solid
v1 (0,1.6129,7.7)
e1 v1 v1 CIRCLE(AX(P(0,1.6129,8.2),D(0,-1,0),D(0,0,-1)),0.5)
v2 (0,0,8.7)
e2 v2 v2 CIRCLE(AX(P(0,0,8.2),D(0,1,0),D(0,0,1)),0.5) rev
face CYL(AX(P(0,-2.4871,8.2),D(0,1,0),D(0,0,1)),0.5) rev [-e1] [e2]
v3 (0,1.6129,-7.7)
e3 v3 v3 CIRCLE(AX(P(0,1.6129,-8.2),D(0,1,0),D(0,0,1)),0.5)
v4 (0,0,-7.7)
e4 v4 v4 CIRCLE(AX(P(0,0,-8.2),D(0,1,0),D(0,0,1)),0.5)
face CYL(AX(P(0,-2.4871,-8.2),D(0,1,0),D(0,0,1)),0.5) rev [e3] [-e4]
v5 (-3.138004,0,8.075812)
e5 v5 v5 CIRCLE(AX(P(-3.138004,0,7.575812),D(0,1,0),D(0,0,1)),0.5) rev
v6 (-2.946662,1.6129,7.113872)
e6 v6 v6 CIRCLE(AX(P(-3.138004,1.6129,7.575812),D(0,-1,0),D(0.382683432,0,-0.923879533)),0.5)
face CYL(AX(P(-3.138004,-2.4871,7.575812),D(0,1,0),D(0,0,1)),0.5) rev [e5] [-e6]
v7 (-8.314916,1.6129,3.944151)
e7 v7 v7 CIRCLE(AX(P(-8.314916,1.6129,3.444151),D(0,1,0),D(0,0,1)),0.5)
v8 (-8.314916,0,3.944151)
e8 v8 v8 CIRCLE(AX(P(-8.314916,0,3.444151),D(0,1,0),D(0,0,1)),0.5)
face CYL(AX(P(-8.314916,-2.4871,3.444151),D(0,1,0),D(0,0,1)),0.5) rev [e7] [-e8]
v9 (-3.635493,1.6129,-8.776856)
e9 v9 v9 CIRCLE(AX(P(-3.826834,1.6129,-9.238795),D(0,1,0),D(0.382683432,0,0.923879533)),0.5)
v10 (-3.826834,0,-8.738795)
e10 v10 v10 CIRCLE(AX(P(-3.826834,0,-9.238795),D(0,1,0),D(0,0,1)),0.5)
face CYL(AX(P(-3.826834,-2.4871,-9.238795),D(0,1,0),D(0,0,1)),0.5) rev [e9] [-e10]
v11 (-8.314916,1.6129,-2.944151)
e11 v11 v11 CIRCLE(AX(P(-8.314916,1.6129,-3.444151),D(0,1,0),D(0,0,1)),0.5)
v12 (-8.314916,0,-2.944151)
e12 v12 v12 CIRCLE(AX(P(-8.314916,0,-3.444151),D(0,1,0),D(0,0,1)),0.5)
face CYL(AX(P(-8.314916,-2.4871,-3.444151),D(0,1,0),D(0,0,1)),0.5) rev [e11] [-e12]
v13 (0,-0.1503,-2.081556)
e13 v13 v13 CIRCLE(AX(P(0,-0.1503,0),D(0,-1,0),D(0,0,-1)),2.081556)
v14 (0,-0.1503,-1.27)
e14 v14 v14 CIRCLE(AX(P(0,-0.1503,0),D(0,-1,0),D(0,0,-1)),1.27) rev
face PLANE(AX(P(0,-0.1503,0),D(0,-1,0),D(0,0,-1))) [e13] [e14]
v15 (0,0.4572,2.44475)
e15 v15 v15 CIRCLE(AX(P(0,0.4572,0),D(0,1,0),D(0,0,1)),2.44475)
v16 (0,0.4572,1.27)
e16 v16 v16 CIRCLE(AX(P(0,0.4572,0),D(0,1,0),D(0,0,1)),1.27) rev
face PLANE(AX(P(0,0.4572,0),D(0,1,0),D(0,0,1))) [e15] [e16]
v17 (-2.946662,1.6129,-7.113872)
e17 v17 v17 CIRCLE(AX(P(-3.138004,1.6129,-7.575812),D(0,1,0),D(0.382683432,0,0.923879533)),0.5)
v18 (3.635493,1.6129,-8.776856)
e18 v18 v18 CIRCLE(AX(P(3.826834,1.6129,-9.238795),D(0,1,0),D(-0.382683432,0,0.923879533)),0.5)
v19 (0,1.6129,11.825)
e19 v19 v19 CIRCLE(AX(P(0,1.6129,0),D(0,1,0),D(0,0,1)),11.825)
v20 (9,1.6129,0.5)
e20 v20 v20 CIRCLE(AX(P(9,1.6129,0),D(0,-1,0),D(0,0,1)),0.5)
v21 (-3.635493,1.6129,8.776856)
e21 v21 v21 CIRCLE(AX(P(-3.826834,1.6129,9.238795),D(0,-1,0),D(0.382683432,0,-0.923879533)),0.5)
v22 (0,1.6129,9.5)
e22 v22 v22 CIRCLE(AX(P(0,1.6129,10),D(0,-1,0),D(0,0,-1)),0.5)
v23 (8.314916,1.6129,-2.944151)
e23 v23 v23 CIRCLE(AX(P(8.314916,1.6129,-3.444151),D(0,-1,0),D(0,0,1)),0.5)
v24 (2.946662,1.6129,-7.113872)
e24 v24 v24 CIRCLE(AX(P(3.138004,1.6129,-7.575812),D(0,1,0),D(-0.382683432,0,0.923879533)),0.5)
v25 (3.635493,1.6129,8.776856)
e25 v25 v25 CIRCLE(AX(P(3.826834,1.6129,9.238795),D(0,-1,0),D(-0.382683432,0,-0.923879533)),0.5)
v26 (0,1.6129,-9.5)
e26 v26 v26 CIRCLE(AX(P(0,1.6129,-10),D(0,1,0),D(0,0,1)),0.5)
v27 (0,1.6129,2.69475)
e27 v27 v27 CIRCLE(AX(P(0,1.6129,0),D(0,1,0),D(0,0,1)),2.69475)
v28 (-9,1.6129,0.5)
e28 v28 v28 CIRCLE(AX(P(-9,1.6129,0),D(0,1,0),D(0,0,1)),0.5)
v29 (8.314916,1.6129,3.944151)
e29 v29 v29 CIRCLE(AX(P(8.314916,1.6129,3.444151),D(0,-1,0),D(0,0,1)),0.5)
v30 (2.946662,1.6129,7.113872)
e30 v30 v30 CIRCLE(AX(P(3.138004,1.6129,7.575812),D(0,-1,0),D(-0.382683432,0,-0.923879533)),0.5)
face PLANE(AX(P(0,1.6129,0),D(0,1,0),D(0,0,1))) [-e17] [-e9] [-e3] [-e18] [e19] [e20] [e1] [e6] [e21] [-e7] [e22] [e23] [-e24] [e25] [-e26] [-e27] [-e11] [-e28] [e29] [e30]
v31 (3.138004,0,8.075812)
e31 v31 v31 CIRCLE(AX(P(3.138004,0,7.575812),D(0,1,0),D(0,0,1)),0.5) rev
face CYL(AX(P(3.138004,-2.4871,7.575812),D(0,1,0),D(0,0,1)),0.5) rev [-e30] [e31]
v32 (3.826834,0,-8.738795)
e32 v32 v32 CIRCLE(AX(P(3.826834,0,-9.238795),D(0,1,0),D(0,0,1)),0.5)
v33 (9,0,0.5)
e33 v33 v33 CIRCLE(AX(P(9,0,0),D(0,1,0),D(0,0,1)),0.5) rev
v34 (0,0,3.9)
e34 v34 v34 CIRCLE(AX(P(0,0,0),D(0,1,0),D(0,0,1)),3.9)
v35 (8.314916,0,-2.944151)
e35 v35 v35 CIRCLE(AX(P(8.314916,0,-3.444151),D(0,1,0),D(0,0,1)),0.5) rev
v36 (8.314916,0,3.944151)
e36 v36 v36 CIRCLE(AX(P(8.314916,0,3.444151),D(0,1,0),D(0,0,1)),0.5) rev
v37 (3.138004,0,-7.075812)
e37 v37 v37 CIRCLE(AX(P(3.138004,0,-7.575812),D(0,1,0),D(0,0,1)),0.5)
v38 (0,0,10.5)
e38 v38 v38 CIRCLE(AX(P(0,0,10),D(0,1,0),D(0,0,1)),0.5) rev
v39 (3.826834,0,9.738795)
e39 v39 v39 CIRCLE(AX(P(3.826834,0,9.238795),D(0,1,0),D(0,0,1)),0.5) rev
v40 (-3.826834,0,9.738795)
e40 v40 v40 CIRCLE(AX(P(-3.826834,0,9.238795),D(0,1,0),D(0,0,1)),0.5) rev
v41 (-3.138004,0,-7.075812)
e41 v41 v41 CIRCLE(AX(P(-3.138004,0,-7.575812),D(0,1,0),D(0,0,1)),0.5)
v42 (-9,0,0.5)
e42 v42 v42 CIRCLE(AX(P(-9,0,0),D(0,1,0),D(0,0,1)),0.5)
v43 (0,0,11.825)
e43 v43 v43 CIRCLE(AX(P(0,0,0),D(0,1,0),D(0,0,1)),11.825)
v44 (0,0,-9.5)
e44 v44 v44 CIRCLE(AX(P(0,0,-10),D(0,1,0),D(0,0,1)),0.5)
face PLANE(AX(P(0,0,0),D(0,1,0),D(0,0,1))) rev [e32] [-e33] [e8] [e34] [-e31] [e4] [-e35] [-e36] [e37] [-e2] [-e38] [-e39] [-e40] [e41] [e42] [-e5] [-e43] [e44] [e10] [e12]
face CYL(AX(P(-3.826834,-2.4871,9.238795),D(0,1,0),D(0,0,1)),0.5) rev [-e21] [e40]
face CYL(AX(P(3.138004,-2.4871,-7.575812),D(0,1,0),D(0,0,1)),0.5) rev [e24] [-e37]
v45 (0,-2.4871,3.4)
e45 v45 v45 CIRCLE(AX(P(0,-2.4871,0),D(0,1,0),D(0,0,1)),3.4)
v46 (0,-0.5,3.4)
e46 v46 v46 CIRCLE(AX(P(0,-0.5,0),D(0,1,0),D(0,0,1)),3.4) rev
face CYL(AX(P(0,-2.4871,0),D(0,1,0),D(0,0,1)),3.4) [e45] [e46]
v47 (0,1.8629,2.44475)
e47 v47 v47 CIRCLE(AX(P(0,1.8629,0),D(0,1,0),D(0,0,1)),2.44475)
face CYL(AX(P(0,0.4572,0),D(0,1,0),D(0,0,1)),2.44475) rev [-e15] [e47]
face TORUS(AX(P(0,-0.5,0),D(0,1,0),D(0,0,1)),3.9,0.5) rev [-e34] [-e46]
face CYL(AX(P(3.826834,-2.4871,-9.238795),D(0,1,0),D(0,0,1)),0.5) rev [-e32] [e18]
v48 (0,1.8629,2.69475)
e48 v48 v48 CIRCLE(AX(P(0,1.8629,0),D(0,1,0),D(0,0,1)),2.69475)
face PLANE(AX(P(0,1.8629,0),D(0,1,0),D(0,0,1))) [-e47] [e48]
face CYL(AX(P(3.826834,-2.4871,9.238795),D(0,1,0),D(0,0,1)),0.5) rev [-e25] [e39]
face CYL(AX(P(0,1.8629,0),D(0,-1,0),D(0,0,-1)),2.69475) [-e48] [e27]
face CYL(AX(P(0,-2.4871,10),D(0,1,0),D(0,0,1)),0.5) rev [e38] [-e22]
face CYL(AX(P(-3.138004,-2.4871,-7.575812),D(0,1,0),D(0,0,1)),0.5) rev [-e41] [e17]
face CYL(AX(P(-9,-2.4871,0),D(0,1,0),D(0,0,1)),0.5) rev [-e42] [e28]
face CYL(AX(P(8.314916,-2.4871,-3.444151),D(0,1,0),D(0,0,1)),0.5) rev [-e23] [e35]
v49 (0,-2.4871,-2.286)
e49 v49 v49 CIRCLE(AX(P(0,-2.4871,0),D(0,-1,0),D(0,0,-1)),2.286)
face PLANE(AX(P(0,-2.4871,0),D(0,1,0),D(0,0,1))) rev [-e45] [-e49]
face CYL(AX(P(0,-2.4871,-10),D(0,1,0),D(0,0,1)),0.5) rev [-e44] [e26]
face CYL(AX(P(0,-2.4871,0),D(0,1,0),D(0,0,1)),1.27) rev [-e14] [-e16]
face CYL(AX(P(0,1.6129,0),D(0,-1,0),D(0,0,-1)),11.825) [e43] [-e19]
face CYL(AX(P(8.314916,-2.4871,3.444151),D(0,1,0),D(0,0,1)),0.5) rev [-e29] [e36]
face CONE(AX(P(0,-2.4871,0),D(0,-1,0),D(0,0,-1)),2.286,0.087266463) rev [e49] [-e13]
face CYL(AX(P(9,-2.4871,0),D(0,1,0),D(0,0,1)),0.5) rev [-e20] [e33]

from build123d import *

# Parameters (mm, degrees)
SKETCH18_R                      = 11.825
EXTRUDE17_DEPTH                 = 1.6129
SKETCH19_R                      = 3.4
EXTRUDE19_DEPTH                 = 4.1
SKETCH20_R                      = 0.5
SKETCH20_R_2                    = 1.27
EXTRUDE20_DEPTH                 = 5.1
SKETCH23_R                      = 0.5
CUT_EXTRUDE1_DEPTH              = 5.1
CIRPATTERN1_COUNT               = 2
CIRPATTERN1_ANGLE               = 22.5
CIRPATTERN1_THE_OTHER_WAY_COUNT = 2
CIRPATTERN1_THE_OTHER_WAY_ANGLE = 22.5
MIRROR2_COPY_1_SKETCH_R         = 0.5
MIRROR2_COPY_1_DEPTH            = 5.1
MIRROR2_COPY_2_SKETCH_R         = 0.5
MIRROR2_COPY_2_DEPTH            = 5.1
SKETCH21_R                      = 2.44475
EXTRUDE21_DEPTH                 = 1.1557
SKETCH22_R                      = 2.286
EXTRUDE22_DEPTH                 = 2.3368
EXTRUDE22_TAPER                 = 5
SKETCH24_R                      = 2.69475
SKETCH24_R_2                    = 2.44475
BOSS_EXTRUDE1_DEPTH             = 0.25
FILLET1_R                       = 0.5


with BuildPart() as part:
    # Sketch18 → Extrude17 (new body)
    with BuildSketch(Plane(origin=(0, 0, 0), x_dir=(1, 0, 0), z_dir=(0, 1, 0))):
        Circle(SKETCH18_R)
    extrude(amount=EXTRUDE17_DEPTH)

    # Sketch19 → Extrude19 (add)
    with BuildSketch(Plane(origin=(0, 1.6129, 0), x_dir=(1, 0, 0), z_dir=(0, 1, 0))):
        Circle(SKETCH19_R)
    extrude(amount=-EXTRUDE19_DEPTH)

    # Sketch20 → Extrude20 (cut, through all)
    with BuildSketch(Plane(origin=(0, 1.6129, 0), x_dir=(1, 0, 0), z_dir=(0, 1, 0))):
        with Locations((-9, 0)):
            Circle(SKETCH20_R)
        Circle(SKETCH20_R_2)
        with Locations((-8.314915793, 3.444150891)):
            Circle(SKETCH20_R)
        with Locations((-8.314915793, -3.444150891)):
            Circle(SKETCH20_R)
    extrude20 = extrude(amount=-EXTRUDE20_DEPTH, mode=Mode.SUBTRACT)

    # Mirror1: Extrude20 across plane
    add(extrude20.mirror(Plane(origin=(0, 0, 0), x_dir=(0, 0, 1), z_dir=(1, 0, 0))), mode=Mode.SUBTRACT)

    # Sketch23 → Cut-Extrude1 (cut, through all)
    with BuildSketch(Plane(origin=(0, 1.6129, 0), x_dir=(1, 0, 0), z_dir=(0, 1, 0))):
        with Locations((0, 8.2)):
            Circle(SKETCH23_R)
        with Locations((0, 10)):
            Circle(SKETCH23_R)
    cut_extrude1 = extrude(amount=-CUT_EXTRUDE1_DEPTH, mode=Mode.SUBTRACT)

    # CirPattern1: Cut-Extrude1 ×2 about axis
    cirpattern1_axis = Axis((0, 0, 0), (0, 1, 0))
    for i in range(1, CIRPATTERN1_COUNT):
        add(cut_extrude1.rotate(cirpattern1_axis, i * CIRPATTERN1_ANGLE / (CIRPATTERN1_COUNT - 1)), mode=Mode.SUBTRACT)

    # CirPattern1 the other way: Cut-Extrude1 ×2 about axis
    cirpattern1_the_other_way_axis = Axis((0, 0, 0), (0, -1, 0))
    for i in range(1, CIRPATTERN1_THE_OTHER_WAY_COUNT):
        add(cut_extrude1.rotate(cirpattern1_the_other_way_axis, i * CIRPATTERN1_THE_OTHER_WAY_ANGLE / (CIRPATTERN1_THE_OTHER_WAY_COUNT - 1)), mode=Mode.SUBTRACT)

    # Mirror2: Cut-Extrude1 across plane
    add(cut_extrude1.mirror(Plane.XY), mode=Mode.SUBTRACT)

    # Mirror2 copy 1 sketch → Mirror2 copy 1 (cut, through all)
    with BuildSketch(Plane(origin=(0, 1.6129, 0), x_dir=(0.923879533, 0, 0.382683432), z_dir=(0, 1, 0))):
        with Locations((0, -8.2)):
            Circle(MIRROR2_COPY_1_SKETCH_R)
        with Locations((0, -10)):
            Circle(MIRROR2_COPY_1_SKETCH_R)
    extrude(amount=-MIRROR2_COPY_1_DEPTH, mode=Mode.SUBTRACT)

    # Mirror2 copy 2 sketch → Mirror2 copy 2 (cut, through all)
    with BuildSketch(Plane(origin=(0, 1.6129, 0), x_dir=(0.923879533, 0, -0.382683432), z_dir=(0, 1, 0))):
        with Locations((0, -8.2)):
            Circle(MIRROR2_COPY_2_SKETCH_R)
        with Locations((0, -10)):
            Circle(MIRROR2_COPY_2_SKETCH_R)
    extrude(amount=-MIRROR2_COPY_2_DEPTH, mode=Mode.SUBTRACT)

    # Sketch21 → Extrude21 (cut)
    with BuildSketch(Plane(origin=(0, 1.6129, 0), x_dir=(1, 0, 0), z_dir=(0, 1, 0))):
        Circle(SKETCH21_R)
    extrude(amount=-EXTRUDE21_DEPTH, mode=Mode.SUBTRACT)

    # Sketch22 → Extrude22 (cut)
    with BuildSketch(Plane.XZ.offset(2.4871)):
        Circle(SKETCH22_R)
    extrude(amount=-EXTRUDE22_DEPTH, taper=EXTRUDE22_TAPER, mode=Mode.SUBTRACT)

    # Sketch24 → Boss-Extrude1 (add)
    with BuildSketch(Plane(origin=(0, 1.6129, 0), x_dir=(1, 0, 0), z_dir=(0, 1, 0))):
        Circle(SKETCH24_R)
        Circle(SKETCH24_R_2, mode=Mode.SUBTRACT)
    extrude(amount=BOSS_EXTRUDE1_DEPTH)

    # Fillet1
    fillet1_edges = [part.edges().sort_by_distance(p)[0] for p in [
        (-3.4, 0, 0),
    ]]
    fillet(fillet1_edges, radius=FILLET1_R)


solid = part.part
